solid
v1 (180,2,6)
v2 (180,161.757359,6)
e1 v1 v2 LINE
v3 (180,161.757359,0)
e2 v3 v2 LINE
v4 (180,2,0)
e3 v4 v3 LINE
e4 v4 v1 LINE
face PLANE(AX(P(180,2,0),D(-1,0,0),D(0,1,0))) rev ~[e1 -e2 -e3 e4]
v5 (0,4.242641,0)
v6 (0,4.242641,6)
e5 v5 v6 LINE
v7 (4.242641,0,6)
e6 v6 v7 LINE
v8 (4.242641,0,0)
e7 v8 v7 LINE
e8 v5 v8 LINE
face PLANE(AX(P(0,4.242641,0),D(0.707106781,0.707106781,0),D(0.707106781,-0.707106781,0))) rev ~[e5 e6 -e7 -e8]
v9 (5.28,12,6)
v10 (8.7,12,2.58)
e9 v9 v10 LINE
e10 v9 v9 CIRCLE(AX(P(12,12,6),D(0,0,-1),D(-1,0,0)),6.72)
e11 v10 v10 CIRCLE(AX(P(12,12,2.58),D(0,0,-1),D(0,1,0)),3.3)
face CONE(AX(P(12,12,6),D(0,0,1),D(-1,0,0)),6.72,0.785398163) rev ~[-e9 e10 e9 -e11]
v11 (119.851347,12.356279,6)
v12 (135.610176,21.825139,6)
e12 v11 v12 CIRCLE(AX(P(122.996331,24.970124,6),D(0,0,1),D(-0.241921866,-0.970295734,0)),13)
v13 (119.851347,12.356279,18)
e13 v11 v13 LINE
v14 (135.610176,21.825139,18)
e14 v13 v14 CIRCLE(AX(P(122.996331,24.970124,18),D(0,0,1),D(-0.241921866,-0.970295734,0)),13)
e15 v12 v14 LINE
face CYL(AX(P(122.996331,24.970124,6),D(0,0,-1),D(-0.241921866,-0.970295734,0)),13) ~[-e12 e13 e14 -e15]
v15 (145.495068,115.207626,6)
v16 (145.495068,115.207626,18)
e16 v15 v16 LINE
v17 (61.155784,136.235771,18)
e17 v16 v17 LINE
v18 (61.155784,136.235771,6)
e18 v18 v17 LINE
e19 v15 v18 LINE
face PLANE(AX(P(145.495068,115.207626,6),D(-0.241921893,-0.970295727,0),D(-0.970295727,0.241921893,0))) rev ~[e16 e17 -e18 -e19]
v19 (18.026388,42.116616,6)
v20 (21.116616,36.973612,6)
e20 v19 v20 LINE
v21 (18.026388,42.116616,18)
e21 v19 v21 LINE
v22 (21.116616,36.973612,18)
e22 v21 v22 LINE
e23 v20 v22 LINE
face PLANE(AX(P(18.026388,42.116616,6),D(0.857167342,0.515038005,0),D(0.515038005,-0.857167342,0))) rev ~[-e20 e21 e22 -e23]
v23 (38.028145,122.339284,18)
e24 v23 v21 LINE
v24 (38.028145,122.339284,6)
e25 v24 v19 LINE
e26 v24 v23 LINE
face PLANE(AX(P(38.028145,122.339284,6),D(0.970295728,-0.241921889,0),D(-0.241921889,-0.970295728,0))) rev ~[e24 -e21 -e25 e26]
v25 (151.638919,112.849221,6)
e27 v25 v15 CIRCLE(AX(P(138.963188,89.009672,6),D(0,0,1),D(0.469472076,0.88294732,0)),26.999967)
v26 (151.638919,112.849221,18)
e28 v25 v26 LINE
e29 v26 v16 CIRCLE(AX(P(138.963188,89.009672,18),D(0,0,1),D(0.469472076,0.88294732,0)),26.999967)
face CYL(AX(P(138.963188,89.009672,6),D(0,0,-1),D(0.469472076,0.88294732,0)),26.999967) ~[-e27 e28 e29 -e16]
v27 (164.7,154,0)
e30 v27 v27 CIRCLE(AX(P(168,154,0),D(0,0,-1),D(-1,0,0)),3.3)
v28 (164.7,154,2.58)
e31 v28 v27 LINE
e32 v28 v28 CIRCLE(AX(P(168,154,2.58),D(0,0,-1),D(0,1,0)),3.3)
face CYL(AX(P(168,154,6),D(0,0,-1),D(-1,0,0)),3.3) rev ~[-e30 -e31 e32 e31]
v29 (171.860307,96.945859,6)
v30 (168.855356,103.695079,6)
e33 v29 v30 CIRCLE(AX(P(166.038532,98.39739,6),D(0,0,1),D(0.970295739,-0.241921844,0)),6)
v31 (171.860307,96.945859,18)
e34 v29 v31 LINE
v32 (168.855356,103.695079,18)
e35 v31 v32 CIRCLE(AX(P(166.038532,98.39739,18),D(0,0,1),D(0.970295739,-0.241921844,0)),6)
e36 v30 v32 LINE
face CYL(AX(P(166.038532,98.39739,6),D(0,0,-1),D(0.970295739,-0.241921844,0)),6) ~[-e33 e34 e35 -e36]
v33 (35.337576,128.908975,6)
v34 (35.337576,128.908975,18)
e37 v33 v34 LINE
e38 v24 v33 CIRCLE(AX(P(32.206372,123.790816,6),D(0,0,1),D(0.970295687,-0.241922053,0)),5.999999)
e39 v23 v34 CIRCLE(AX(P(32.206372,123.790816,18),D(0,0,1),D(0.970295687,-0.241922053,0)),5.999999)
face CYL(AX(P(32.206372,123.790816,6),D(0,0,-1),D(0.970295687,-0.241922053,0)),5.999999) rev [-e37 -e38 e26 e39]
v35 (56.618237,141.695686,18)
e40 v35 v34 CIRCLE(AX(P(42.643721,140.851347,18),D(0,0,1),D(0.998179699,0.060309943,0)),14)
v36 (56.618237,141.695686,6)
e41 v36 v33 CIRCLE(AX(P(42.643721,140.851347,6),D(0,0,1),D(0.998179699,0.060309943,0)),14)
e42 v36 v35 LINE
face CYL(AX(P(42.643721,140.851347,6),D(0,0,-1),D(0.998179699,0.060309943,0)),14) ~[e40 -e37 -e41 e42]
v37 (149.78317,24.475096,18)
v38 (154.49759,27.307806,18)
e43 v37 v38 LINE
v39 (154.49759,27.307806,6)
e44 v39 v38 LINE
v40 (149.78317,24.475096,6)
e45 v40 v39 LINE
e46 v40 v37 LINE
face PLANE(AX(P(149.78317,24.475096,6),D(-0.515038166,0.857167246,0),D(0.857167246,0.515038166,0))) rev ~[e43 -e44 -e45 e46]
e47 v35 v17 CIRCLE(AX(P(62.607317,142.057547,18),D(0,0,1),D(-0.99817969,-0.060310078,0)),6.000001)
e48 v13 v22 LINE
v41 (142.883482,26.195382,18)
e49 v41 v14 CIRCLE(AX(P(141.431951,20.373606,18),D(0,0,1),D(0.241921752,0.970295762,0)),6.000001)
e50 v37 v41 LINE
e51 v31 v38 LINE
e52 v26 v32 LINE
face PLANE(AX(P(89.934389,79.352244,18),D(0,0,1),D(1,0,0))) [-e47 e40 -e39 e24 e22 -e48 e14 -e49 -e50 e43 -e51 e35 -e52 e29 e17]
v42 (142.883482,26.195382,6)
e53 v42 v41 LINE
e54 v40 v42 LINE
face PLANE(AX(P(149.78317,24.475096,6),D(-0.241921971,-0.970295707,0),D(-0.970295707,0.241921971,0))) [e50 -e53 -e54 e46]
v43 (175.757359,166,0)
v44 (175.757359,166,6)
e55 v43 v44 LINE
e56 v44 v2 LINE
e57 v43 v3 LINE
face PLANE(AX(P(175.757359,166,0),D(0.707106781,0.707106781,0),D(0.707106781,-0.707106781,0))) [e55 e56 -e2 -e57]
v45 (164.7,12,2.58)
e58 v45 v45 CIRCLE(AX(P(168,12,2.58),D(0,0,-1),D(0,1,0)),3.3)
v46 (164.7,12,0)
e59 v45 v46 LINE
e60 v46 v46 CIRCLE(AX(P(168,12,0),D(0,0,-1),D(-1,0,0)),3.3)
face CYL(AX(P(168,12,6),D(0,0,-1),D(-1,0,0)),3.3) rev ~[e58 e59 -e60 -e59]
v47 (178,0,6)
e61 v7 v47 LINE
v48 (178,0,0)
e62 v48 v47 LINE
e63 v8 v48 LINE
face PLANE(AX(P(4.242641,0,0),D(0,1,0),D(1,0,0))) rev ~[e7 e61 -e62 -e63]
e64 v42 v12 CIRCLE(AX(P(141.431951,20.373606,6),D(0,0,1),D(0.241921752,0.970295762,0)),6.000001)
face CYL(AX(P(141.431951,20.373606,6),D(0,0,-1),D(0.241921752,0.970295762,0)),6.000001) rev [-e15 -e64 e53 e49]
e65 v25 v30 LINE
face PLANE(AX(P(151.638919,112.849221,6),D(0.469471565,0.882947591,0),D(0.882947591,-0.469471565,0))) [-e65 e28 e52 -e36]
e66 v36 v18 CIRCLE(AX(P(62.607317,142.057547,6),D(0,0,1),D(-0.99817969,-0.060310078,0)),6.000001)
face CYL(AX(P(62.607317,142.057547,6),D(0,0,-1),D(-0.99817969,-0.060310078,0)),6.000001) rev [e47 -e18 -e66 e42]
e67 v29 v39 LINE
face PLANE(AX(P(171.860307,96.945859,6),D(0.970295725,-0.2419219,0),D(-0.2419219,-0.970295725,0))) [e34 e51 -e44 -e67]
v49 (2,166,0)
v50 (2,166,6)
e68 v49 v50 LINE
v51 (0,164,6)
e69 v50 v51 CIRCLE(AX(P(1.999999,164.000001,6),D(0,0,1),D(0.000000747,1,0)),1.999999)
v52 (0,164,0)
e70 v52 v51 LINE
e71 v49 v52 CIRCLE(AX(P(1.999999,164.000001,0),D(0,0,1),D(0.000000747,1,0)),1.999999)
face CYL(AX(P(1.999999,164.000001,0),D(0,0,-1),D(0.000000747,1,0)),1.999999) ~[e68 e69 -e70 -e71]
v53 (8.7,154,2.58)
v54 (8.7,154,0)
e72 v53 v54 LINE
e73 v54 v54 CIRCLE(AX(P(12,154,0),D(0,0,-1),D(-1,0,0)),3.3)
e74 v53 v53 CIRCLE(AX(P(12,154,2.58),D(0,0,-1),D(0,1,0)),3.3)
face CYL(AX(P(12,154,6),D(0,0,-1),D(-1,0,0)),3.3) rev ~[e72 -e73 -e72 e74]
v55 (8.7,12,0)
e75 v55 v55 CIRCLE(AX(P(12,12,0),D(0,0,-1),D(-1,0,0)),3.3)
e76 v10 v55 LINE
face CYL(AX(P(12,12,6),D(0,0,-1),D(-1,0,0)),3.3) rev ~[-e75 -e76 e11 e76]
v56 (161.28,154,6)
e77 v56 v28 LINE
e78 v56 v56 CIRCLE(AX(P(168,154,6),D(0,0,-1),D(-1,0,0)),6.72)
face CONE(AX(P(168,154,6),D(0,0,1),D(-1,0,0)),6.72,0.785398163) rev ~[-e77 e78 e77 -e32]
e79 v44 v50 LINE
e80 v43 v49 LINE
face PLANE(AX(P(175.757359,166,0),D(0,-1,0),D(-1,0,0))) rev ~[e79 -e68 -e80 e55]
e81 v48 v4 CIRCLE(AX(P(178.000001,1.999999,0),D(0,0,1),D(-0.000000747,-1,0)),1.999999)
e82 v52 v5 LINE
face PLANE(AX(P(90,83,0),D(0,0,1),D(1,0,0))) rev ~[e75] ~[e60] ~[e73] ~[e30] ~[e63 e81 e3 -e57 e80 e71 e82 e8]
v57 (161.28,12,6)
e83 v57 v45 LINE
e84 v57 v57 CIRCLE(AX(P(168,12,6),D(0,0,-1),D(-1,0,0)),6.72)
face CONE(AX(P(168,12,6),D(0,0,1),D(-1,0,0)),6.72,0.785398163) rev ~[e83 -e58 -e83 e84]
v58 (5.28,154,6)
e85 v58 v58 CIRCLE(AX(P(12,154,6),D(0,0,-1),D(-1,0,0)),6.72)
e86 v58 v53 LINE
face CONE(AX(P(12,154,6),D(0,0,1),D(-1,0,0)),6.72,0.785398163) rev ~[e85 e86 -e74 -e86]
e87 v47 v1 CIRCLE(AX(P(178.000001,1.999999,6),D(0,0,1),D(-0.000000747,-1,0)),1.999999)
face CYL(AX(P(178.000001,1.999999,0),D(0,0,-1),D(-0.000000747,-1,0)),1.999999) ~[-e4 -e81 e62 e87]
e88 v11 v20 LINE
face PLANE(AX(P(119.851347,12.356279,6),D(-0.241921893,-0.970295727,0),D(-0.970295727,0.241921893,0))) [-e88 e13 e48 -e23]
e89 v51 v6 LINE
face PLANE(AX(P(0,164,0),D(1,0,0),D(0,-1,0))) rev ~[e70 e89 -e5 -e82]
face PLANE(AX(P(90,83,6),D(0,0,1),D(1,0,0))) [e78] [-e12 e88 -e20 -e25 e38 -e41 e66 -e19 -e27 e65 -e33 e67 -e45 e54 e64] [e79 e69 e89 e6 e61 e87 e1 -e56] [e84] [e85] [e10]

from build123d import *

# Parameters (mm, degrees)
PAD_DEPTH        = 6
HOLE_D           = 6.6
HOLE_DEPTH       = 25
HOLE_CSINK_D     = 13.44
HOLE_CSINK_ANGLE = 90
PAD001_DEPTH     = 12


with BuildPart() as part:
    # Sketch → Pad (new body)
    with BuildSketch(Plane.XY):
        with BuildLine():
            ThreePointArc((2, 166), (0.585786, 165.414214), (0, 164))
            Line((0, 164), (0, 4.242641))
            Line((0, 4.242641), (4.242641, 0))
            Line((4.242641, 0), (178, 0))
            ThreePointArc((178, 0), (179.414214, 0.585786), (180, 2))
            Line((180, 2), (180, 161.757359))
            Line((175.757359, 166), (180, 161.757359))
            Line((175.757359, 166), (2, 166))
        make_face()
    extrude(amount=PAD_DEPTH)

    # Hole
    with Locations(Plane.XY.offset(6)):
        with Locations((12, 154), (168, 154), (168, 12), (12, 12)):
            CounterSinkHole(HOLE_D / 2, HOLE_CSINK_D / 2, depth=HOLE_DEPTH, counter_sink_angle=HOLE_CSINK_ANGLE)

    # Sketch002 (on Face5 of Hole) → Pad001 (join)
    with BuildSketch(Plane.XY.offset(6)):
        with BuildLine():
            ThreePointArc((56.618237, 141.695686), (35.433188, 152.851689), (35.337576, 128.908975))
            ThreePointArc((38.028145, 122.339284), (37.758773, 126.064762), (35.337576, 128.908975))
            Line((38.028145, 122.339284), (18.026388, 42.116616))
            Line((18.026388, 42.116616), (21.116616, 36.973612))
            Line((119.851347, 12.356279), (21.116616, 36.973612))
            ThreePointArc((119.851347, 12.356279), (129.691827, 13.826949), (135.610176, 21.825139))
            ThreePointArc((142.883482, 26.195382), (138.341722, 25.516611), (135.610176, 21.825139))
            Line((149.78317, 24.475096), (142.883482, 26.195382))
            Line((149.78317, 24.475096), (154.49759, 27.307806))
            Line((171.860307, 96.945859), (154.49759, 27.307806))
            ThreePointArc((171.860307, 96.945859), (171.519804, 100.837813), (168.855356, 103.695079))
            Line((151.638919, 112.849221), (168.855356, 103.695079))
            ThreePointArc((151.638919, 112.849221), (148.639117, 114.216311), (145.495068, 115.207626))
            Line((145.495068, 115.207626), (61.155784, 136.235771))
            ThreePointArc((56.618237, 141.695686), (57.992845, 138.222619), (61.155784, 136.235771))
        make_face()
    extrude(amount=PAD001_DEPTH)


solid = part.part
